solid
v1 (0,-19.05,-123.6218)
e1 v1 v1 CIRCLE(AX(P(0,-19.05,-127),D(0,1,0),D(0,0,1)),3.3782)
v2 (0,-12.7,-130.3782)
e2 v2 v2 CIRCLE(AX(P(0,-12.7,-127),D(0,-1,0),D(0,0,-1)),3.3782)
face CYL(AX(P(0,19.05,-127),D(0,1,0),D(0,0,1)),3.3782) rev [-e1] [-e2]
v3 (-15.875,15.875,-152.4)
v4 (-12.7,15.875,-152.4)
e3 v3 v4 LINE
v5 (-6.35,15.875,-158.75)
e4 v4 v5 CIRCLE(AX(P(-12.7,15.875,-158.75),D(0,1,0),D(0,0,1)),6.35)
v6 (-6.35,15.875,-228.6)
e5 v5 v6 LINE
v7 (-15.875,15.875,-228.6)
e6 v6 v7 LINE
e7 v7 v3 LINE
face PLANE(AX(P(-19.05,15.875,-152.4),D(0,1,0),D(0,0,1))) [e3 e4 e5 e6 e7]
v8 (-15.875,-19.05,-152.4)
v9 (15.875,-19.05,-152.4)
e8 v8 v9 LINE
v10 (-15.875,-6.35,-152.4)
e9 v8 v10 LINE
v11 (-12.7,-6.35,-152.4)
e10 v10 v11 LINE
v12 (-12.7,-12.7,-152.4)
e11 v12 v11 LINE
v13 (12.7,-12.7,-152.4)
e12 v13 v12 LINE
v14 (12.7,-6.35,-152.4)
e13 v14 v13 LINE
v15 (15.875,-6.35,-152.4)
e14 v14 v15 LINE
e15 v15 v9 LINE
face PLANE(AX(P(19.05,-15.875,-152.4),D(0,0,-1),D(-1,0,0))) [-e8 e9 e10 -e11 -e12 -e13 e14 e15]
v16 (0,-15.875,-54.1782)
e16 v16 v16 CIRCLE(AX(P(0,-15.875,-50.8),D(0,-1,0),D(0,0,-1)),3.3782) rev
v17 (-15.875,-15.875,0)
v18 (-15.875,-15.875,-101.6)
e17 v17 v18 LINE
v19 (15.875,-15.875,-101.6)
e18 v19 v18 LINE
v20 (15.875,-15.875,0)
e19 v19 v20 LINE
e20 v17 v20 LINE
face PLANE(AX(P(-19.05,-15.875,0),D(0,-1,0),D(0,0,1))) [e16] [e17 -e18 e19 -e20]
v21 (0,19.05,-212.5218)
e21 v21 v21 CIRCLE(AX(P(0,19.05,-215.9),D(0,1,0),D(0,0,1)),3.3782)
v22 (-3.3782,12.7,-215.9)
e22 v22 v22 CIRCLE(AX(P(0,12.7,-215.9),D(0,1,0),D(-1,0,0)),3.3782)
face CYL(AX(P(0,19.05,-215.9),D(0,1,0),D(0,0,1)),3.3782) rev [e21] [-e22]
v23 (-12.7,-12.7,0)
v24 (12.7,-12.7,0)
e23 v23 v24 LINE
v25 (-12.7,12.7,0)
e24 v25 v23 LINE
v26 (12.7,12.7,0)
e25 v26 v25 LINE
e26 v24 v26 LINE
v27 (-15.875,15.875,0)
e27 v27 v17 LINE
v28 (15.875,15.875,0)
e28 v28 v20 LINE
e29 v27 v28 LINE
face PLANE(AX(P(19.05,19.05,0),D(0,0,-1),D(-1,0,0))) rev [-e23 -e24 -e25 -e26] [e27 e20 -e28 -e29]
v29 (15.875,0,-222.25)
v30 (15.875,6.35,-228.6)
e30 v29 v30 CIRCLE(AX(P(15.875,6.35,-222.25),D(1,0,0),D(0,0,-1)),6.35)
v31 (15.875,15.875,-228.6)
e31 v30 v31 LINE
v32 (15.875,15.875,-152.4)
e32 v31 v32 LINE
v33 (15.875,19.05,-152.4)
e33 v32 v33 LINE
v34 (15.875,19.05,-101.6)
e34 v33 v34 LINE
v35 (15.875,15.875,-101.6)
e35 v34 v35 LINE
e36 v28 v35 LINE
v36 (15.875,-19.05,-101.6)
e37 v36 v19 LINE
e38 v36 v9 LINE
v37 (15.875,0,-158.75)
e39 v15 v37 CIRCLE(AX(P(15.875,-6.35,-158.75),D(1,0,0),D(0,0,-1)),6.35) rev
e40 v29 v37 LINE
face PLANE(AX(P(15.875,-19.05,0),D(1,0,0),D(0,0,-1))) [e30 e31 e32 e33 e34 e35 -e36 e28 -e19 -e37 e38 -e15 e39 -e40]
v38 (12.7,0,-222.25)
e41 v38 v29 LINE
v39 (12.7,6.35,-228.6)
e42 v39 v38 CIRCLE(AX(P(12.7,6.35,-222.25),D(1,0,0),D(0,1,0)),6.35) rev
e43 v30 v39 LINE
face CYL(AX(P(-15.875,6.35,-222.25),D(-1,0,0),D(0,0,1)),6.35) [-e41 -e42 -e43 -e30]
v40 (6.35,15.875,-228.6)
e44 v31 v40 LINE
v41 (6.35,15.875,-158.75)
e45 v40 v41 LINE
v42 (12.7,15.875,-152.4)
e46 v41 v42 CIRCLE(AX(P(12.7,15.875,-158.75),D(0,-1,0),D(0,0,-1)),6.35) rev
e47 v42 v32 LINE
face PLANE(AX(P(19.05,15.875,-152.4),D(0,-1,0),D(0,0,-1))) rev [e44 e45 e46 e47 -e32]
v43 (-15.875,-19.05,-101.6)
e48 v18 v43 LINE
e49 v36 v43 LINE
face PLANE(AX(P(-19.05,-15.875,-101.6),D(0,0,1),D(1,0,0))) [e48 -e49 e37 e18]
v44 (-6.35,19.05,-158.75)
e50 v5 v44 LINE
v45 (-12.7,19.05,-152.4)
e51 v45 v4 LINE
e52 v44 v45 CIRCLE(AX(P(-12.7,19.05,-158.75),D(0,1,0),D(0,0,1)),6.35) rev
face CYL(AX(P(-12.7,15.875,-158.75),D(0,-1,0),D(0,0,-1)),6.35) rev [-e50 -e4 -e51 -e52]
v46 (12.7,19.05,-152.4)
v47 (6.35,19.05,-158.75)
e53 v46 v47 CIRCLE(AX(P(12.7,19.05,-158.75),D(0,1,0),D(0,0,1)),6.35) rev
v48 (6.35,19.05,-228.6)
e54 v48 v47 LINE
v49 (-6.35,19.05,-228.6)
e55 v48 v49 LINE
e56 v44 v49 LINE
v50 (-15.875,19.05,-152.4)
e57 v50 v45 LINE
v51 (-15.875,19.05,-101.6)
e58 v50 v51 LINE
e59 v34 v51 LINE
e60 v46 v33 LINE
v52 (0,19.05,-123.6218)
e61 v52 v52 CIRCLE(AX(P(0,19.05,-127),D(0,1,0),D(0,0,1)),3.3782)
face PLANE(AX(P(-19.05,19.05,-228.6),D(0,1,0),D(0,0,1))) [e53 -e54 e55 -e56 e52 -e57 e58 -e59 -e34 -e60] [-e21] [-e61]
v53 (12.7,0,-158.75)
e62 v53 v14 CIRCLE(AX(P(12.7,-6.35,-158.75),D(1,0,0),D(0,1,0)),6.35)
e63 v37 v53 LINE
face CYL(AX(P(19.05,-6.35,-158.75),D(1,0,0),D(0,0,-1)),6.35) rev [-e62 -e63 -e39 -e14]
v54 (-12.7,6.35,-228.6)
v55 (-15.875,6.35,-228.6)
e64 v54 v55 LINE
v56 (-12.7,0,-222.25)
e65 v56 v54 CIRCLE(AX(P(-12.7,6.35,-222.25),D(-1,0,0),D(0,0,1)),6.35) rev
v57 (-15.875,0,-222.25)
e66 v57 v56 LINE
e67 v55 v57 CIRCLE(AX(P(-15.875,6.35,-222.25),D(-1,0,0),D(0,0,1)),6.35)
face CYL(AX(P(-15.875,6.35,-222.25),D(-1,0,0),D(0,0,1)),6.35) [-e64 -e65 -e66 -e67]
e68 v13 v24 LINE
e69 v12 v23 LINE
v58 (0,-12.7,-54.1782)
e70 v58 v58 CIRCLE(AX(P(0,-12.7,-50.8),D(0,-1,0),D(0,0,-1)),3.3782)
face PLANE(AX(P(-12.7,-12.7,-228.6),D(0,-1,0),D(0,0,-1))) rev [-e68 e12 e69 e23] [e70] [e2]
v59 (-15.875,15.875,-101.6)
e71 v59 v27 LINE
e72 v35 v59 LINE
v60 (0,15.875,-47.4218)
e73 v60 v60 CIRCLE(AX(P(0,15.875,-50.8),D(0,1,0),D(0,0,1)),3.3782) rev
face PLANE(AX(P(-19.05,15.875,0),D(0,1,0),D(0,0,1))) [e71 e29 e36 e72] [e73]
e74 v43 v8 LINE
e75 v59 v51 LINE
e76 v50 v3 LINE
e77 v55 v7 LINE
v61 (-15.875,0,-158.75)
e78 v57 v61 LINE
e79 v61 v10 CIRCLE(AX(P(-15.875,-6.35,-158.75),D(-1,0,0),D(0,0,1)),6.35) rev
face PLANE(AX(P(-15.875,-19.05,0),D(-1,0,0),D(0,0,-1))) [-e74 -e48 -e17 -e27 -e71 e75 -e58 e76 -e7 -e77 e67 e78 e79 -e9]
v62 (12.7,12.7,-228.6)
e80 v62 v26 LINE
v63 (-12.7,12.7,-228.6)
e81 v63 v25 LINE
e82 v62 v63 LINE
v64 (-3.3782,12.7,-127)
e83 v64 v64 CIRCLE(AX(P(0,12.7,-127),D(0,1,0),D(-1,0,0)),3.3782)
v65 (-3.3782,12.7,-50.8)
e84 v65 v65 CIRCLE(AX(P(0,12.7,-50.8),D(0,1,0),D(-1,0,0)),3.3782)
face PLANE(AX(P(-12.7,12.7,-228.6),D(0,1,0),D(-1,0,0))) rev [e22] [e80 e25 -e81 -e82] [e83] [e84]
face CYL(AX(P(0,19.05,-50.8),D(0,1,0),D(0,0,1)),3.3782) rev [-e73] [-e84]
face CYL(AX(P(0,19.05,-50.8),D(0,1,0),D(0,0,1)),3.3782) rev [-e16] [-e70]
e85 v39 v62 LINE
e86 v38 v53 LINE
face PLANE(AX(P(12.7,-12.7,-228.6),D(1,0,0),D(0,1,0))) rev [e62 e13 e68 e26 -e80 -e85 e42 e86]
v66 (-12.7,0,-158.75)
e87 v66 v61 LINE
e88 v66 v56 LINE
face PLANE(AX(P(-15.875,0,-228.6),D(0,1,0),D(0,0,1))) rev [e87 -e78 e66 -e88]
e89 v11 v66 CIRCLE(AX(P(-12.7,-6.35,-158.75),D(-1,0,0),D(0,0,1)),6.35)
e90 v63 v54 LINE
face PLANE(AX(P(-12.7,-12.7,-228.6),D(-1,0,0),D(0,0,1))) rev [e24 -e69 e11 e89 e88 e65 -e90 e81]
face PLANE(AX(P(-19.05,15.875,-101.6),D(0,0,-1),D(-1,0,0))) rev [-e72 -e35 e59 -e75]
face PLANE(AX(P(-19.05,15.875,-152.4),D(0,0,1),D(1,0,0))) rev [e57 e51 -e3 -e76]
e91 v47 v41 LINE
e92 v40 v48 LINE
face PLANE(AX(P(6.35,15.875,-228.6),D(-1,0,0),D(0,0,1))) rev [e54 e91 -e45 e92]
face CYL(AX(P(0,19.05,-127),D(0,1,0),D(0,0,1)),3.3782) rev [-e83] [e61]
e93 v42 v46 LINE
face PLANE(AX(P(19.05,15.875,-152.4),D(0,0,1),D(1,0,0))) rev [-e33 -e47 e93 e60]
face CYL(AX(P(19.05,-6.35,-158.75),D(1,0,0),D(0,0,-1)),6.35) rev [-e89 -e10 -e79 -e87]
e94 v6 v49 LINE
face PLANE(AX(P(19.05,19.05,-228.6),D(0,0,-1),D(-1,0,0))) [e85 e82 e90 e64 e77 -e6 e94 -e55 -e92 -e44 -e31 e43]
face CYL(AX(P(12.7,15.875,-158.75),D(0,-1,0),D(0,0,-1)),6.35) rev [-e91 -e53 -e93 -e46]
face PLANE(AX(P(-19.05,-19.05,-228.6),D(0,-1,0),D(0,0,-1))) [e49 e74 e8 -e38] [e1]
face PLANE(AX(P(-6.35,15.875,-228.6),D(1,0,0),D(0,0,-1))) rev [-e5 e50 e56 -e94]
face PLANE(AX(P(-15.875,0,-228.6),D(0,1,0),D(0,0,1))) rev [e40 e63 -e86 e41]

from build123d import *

# Parameters (mm, degrees)
SKETCH1_W               = 38.1
SKETCH1_H               = 38.1
SKETCH1_W_2             = 25.4
SKETCH1_H_2             = 25.4
EXTRUDE1_DEPTH          = 228.6
F_1_4_CLEARANCE_HOLE1_D = 6.7564
SKETCH4_W               = 12.7
SKETCH4_H               = 76.2
SKETCH4_W_2             = 38.1
SKETCH4_H_2             = 101.6
EXTRUDE2_DEPTH          = 3.175
SKETCH5_W               = 228.6
SKETCH5_H               = 38.1
EXTRUDE3_DEPTH          = 3.175
FILLET2_R               = 6.35
SKETCH8_W               = 76.2
SKETCH8_H               = 19.05
EXTRUDE6_DEPTH          = 232.579198116
FILLET3_R               = 6.35
FILLET4_R               = 6.35


with BuildPart() as part:
    # Sketch1 → Extrude1 (new body)
    with BuildSketch(Plane.XY):
        Rectangle(SKETCH1_W, SKETCH1_H)
        Rectangle(SKETCH1_W_2, SKETCH1_H_2, mode=Mode.SUBTRACT)
    extrude(amount=-EXTRUDE1_DEPTH)

    # 1/4 Clearance Hole1 (through all)
    with Locations(Plane(origin=(0, 19.05, 0), x_dir=(-1, 0, 0), z_dir=(0, 1, 0))):
        with Locations((0, -215.9), (0, -50.8), (0, -127)):
            Hole(F_1_4_CLEARANCE_HOLE1_D / 2)

    # Sketch4 → Extrude2 (cut)
    with BuildSketch(Plane(origin=(0, 19.05, 0), x_dir=(1, 0, 0), z_dir=(0, 1, 0))):
        with Locations((-12.7, 190.5)):
            Rectangle(SKETCH4_W, SKETCH4_H)
        with Locations((0, 50.8)):
            Rectangle(SKETCH4_W_2, SKETCH4_H_2)
        with Locations((12.7, 190.5)):
            Rectangle(SKETCH4_W, SKETCH4_H)
    extrude2 = extrude(amount=-EXTRUDE2_DEPTH, mode=Mode.SUBTRACT)

    # Mirror1: Extrude2 across plane
    add(extrude2.mirror(Plane.ZX), mode=Mode.SUBTRACT)

    # Sketch5 → Extrude3 (cut)
    with BuildSketch(Plane(origin=(19.05, 0, 0), x_dir=(0, 0, -1), z_dir=(1, 0, 0))):
        with Locations((114.3, 0)):
            Rectangle(SKETCH5_W, SKETCH5_H)
    extrude3 = extrude(amount=-EXTRUDE3_DEPTH, mode=Mode.SUBTRACT)

    # Mirror2: Extrude3 across plane
    add(extrude3.mirror(Plane(origin=(0, 0, 0), x_dir=(0, 0, 1), z_dir=(1, 0, 0))), mode=Mode.SUBTRACT)

    # Fillet2
    fillet2_edges = [part.edges().sort_by_distance(p)[0] for p in [
        (-6.35, 17.4625, -152.4),
        (6.35, 17.4625, -152.4),
    ]]
    fillet(fillet2_edges, radius=FILLET2_R)

    # Sketch8 → Extrude6 (cut, through all)
    with BuildSketch(Plane(origin=(15.875, 0, 0), x_dir=(0, 0, -1), z_dir=(1, 0, 0))):
        with Locations((190.5, -9.525)):
            Rectangle(SKETCH8_W, SKETCH8_H)
    extrude(amount=-EXTRUDE6_DEPTH, mode=Mode.SUBTRACT)

    # Fillet3
    fillet3_edges = [part.edges().sort_by_distance(p)[0] for p in [
        (-14.2875, 0, -152.4),
        (14.2875, 0, -152.4),
    ]]
    fillet(fillet3_edges, radius=FILLET3_R)

    # Fillet4
    fillet4_edges = [part.edges().sort_by_distance(p)[0] for p in [
        (-14.2875, 0, -228.6),
        (14.2875, 0, -228.6),
    ]]
    fillet(fillet4_edges, radius=FILLET4_R)


solid = part.part
